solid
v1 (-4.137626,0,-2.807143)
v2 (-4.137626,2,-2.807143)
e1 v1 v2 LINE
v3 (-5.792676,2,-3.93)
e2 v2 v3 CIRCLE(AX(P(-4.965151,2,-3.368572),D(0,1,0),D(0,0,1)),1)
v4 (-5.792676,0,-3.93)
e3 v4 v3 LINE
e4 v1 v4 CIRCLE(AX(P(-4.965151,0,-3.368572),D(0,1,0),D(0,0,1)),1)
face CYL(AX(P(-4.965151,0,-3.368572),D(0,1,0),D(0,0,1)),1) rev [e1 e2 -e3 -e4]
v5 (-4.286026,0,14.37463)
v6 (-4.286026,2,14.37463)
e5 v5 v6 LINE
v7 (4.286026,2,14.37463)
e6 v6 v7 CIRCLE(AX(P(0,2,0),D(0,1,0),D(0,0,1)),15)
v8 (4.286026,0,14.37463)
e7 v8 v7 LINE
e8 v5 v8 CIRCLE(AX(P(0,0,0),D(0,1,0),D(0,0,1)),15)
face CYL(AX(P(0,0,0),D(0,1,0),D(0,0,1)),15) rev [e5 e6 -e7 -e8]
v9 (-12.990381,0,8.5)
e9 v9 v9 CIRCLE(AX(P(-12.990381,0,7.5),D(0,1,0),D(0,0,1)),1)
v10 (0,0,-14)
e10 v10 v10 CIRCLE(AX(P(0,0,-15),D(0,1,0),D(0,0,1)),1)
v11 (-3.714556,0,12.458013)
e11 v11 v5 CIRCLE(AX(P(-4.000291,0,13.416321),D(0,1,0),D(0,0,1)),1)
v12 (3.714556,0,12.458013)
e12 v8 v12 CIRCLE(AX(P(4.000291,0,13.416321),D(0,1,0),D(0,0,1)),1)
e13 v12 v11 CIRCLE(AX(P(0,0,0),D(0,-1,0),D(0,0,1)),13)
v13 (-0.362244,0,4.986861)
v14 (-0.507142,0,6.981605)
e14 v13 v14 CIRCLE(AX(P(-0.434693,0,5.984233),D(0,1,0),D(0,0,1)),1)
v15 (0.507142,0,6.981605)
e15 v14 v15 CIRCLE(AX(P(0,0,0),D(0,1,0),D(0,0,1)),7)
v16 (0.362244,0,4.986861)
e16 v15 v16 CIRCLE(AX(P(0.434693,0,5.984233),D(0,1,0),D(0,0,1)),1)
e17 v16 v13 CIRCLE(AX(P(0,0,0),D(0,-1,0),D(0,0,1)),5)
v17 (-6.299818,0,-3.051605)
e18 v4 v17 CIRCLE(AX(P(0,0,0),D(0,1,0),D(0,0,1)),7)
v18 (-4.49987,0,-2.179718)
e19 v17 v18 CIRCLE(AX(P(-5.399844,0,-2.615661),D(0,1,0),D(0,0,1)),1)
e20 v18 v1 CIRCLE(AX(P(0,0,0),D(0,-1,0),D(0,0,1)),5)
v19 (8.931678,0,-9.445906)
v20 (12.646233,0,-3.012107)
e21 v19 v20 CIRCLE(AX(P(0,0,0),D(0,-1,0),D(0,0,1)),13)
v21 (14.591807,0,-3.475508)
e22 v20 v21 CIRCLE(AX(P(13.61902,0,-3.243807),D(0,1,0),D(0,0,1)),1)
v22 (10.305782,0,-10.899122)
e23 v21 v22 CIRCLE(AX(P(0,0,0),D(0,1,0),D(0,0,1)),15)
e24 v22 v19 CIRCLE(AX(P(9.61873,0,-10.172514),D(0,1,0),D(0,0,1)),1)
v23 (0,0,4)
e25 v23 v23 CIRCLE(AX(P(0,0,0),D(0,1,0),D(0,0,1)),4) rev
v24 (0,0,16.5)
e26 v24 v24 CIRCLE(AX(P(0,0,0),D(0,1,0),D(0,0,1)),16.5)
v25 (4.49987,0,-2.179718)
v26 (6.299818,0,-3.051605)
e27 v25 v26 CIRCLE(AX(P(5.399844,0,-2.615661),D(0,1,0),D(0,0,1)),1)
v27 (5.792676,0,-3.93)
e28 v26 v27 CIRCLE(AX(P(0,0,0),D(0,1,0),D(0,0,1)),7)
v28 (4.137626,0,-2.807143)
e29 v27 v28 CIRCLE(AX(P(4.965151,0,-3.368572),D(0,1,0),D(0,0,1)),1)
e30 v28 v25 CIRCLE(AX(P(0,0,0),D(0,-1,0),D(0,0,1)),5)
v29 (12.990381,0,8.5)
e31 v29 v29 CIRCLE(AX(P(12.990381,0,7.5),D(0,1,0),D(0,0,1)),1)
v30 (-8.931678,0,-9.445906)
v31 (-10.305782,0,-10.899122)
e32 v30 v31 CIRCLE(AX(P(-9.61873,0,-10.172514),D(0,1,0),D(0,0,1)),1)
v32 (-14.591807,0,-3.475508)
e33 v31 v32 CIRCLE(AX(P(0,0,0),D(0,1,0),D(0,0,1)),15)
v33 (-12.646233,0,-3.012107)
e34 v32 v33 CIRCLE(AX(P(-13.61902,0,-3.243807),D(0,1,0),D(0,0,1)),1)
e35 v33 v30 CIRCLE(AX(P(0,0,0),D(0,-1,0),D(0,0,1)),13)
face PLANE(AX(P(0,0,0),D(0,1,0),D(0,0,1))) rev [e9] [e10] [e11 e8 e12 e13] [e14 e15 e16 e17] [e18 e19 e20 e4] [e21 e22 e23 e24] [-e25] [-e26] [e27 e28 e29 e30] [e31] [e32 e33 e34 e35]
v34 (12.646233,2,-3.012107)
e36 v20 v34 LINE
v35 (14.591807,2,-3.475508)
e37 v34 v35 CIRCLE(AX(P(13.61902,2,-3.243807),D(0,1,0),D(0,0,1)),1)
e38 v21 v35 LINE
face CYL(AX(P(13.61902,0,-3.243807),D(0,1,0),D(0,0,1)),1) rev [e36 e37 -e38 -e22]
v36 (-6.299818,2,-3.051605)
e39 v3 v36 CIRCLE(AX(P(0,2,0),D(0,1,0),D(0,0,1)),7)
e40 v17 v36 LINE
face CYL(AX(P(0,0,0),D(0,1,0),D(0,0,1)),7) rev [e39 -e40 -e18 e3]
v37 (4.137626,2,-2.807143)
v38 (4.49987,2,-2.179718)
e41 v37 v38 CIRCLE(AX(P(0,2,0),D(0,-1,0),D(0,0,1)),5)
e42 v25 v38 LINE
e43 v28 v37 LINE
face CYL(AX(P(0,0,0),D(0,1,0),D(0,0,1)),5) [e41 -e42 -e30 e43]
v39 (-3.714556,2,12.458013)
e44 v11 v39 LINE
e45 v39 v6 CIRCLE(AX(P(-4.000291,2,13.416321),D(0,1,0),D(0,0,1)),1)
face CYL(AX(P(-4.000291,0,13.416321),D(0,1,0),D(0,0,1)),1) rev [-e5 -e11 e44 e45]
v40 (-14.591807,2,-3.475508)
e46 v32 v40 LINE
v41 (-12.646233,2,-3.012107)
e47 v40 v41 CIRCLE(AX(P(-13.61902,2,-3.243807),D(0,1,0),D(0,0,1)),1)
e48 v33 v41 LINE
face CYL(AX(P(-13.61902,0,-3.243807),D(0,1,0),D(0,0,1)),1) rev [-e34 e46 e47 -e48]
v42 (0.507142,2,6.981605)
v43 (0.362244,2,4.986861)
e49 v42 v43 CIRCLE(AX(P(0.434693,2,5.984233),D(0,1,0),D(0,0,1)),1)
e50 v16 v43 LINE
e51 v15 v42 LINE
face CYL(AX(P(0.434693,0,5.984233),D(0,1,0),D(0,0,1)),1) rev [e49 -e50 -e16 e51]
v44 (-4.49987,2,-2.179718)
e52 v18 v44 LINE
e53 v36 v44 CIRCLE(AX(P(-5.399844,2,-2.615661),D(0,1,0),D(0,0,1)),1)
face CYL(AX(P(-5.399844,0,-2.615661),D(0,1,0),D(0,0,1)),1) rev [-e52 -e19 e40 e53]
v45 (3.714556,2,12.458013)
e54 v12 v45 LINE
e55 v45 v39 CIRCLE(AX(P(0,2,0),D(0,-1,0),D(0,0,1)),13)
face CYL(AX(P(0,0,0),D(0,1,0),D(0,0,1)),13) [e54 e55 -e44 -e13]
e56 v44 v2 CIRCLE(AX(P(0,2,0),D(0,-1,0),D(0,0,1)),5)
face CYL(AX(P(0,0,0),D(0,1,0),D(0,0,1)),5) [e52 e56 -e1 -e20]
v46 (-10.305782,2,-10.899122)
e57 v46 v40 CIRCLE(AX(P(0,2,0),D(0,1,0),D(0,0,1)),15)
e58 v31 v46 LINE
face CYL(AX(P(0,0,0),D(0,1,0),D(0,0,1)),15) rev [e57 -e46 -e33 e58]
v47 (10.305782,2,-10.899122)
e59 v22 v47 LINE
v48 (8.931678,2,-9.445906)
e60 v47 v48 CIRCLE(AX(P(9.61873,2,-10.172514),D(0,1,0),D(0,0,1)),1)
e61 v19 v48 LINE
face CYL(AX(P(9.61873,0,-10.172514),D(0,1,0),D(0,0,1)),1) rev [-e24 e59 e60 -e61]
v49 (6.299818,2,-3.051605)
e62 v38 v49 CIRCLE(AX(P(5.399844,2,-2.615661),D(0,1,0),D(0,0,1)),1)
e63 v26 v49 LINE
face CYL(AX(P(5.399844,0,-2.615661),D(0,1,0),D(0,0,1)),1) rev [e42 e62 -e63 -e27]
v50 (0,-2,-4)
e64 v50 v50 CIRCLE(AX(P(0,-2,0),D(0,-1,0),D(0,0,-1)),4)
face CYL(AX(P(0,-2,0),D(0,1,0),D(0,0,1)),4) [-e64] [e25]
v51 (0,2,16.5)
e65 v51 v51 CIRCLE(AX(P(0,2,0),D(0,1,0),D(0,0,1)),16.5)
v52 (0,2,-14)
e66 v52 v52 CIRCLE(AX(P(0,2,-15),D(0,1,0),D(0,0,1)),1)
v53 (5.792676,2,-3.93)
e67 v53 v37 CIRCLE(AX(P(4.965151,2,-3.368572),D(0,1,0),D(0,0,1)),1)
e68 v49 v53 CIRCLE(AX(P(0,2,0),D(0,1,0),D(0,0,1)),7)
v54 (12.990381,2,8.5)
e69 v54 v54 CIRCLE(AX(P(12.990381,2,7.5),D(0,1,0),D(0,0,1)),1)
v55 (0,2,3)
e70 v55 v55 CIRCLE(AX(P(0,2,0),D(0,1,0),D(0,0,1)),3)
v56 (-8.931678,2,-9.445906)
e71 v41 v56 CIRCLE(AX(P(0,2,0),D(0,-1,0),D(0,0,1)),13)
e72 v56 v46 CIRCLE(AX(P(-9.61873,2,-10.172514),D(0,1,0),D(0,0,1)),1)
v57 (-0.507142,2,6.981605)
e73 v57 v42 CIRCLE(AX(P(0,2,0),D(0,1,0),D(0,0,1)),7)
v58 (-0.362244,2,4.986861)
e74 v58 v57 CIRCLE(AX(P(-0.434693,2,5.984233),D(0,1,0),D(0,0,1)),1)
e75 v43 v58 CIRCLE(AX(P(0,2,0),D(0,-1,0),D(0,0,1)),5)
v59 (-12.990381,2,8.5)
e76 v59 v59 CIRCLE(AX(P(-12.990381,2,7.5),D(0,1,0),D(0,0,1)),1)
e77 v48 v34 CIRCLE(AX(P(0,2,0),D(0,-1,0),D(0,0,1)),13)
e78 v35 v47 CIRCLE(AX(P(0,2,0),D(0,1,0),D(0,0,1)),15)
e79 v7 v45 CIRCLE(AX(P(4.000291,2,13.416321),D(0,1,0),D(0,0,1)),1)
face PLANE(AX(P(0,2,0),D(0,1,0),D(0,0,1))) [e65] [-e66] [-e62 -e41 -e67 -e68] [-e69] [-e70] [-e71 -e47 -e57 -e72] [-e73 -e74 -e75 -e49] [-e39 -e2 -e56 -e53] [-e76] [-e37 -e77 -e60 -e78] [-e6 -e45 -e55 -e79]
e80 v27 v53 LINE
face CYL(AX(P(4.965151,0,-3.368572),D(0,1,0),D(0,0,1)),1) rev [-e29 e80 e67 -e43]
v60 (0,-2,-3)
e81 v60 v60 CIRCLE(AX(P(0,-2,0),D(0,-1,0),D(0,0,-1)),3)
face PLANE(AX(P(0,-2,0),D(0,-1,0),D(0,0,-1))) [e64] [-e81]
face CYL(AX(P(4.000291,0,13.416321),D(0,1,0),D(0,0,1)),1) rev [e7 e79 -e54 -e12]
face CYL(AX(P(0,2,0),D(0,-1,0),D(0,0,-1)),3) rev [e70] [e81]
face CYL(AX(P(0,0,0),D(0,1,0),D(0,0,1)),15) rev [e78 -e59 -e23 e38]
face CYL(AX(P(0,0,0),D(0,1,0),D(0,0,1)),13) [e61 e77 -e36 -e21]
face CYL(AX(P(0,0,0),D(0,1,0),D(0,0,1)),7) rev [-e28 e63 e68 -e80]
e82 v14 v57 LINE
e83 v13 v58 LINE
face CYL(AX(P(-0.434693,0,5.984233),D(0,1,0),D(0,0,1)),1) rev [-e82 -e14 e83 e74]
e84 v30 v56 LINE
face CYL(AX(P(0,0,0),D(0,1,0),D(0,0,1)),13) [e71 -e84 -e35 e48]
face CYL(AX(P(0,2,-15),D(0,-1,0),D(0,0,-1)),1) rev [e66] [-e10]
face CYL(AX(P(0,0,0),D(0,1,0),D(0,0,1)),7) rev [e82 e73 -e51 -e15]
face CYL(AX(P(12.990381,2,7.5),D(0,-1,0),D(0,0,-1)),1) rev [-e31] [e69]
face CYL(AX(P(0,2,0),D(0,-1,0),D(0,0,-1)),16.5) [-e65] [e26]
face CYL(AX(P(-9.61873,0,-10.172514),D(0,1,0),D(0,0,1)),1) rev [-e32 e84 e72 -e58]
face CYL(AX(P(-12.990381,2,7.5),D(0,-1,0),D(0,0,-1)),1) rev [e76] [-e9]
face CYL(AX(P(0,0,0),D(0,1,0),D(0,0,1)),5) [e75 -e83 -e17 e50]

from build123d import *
from build123d.topology import SkipClean

# Parameters (mm, degrees)
SKETCH_1_R          = 16.5
SKETCH_1_R_2        = 1
SKETCH_1_R_3        = 3
EXTRUDE_1_DEPTH     = 2
EXTRUDE_START       = 2
SKETCH_2_R          = 4
SKETCH_2_R_2        = 3
EXTRUDE_2_DEPTH     = 2
CUT_EXTRUDE_1_DEPTH = 2


with BuildPart() as part:
    # 草图1 → 凸台-拉伸1 (new body)
    with BuildSketch(Plane(origin=(0, 0, 0), x_dir=(1, 0, 0), z_dir=(0, 1, 0))):
        with Locations(Location((0, 0, 0), (0, 0, 270))):
            Circle(SKETCH_1_R)
        with Locations(Location((0, 15, 0), (0, 0, 270))):
            Circle(SKETCH_1_R_2, mode=Mode.SUBTRACT)
        with Locations(Location((0, 0, 0), (0, 0, 270))):
            Circle(SKETCH_1_R_3, mode=Mode.SUBTRACT)
        with Locations(Location((12.990381057, -7.5, 0), (0, 0, 270))):
            Circle(SKETCH_1_R_2, mode=Mode.SUBTRACT)
        with Locations(Location((-12.990381057, -7.5, 0), (0, 0, 270))):
            Circle(SKETCH_1_R_2, mode=Mode.SUBTRACT)
    extrude(amount=EXTRUDE_1_DEPTH)

    # 草图2 → 凸台-拉伸2 (add)
    with SkipClean():  # the faces are left unmerged after this step: merging them gives an invalid solid
        with BuildSketch(Plane.XZ.offset(EXTRUDE_START)):
            with Locations(Location((0, 0, 0), (0, 0, 90))):
                Circle(SKETCH_2_R)
            with Locations(Location((0, 0, 0), (0, 0, 270))):
                Circle(SKETCH_2_R_2, mode=Mode.SUBTRACT)
        extrude(amount=-EXTRUDE_2_DEPTH)

    # 草图3 → 切除-拉伸1 (cut)
    with SkipClean():  # the faces are left unmerged after this step: merging them gives an invalid solid
        with BuildSketch(Plane(origin=(0, 2, 0), x_dir=(1, 0, 0), z_dir=(0, 1, 0))):
            with BuildLine():
                ThreePointArc((14.591807471, 3.475507836), (12.990381057, 7.5), (10.305781813, 10.899122039))
                ThreePointArc((10.305781813, 10.899122039), (8.892121556, 10.859566024), (8.931677571, 9.445905767))
                ThreePointArc((8.931677571, 9.445905767), (11.258330249, 6.5), (12.646233142, 3.012106791))
                ThreePointArc((12.646233142, 3.012106791), (13.850720829, 2.271020149), (14.591807471, 3.475507836))
            make_face()
            with BuildLine():
                ThreePointArc((6.299818145, 3.051604716), (6.062177826, 3.5), (5.792676279, 3.930000194))
                ThreePointArc((5.792676279, 3.930000194), (4.403722497, 4.196096778), (4.137625913, 2.807142996))
                ThreePointArc((4.137625913, 2.807142996), (4.330127019, 2.5), (4.499870103, 2.179717654))
                ThreePointArc((4.499870103, 2.179717654), (5.835787655, 1.715687165), (6.299818145, 3.051604716))
            make_face()
            with BuildLine():
                ThreePointArc((-4.286025658, -14.374629875), (0, -15), (4.286025658, -14.374629875))
                ThreePointArc((4.286025658, -14.374629875), (4.958599273, -13.130586173), (3.714555571, -12.458012559))
                ThreePointArc((3.714555571, -12.458012559), (0, -13), (-3.714555571, -12.458012559))
                ThreePointArc((-3.714555571, -12.458012559), (-4.958599273, -13.130586173), (-4.286025658, -14.374629875))
            make_face()
            with BuildLine():
                ThreePointArc((-0.507141866, -6.981604911), (0, -7), (0.507141866, -6.981604911))
                ThreePointArc((0.507141866, -6.981604911), (1.432065158, -5.911783943), (0.36224419, -4.98686065))
                ThreePointArc((0.36224419, -4.98686065), (0, -5), (-0.36224419, -4.98686065))
                ThreePointArc((-0.36224419, -4.98686065), (-1.432065158, -5.911783943), (-0.507141866, -6.981604911))
            make_face()
            with BuildLine():
                ThreePointArc((-10.305781813, 10.899122039), (-12.990381057, 7.5), (-14.591807471, 3.475507836))
                ThreePointArc((-14.591807471, 3.475507836), (-13.850720829, 2.271020149), (-12.646233142, 3.012106791))
                ThreePointArc((-12.646233142, 3.012106791), (-11.258330249, 6.5), (-8.931677571, 9.445905767))
                ThreePointArc((-8.931677571, 9.445905767), (-8.892121556, 10.859566024), (-10.305781813, 10.899122039))
            make_face()
            with BuildLine():
                ThreePointArc((-5.792676279, 3.930000194), (-6.062177826, 3.5), (-6.299818145, 3.051604716))
                ThreePointArc((-6.299818145, 3.051604716), (-5.835787655, 1.715687165), (-4.499870103, 2.179717654))
                ThreePointArc((-4.499870103, 2.179717654), (-4.330127019, 2.5), (-4.137625913, 2.807142996))
                ThreePointArc((-4.137625913, 2.807142996), (-4.403722497, 4.196096778), (-5.792676279, 3.930000194))
            make_face()
        extrude(amount=-CUT_EXTRUDE_1_DEPTH, mode=Mode.SUBTRACT)


solid = part.part
